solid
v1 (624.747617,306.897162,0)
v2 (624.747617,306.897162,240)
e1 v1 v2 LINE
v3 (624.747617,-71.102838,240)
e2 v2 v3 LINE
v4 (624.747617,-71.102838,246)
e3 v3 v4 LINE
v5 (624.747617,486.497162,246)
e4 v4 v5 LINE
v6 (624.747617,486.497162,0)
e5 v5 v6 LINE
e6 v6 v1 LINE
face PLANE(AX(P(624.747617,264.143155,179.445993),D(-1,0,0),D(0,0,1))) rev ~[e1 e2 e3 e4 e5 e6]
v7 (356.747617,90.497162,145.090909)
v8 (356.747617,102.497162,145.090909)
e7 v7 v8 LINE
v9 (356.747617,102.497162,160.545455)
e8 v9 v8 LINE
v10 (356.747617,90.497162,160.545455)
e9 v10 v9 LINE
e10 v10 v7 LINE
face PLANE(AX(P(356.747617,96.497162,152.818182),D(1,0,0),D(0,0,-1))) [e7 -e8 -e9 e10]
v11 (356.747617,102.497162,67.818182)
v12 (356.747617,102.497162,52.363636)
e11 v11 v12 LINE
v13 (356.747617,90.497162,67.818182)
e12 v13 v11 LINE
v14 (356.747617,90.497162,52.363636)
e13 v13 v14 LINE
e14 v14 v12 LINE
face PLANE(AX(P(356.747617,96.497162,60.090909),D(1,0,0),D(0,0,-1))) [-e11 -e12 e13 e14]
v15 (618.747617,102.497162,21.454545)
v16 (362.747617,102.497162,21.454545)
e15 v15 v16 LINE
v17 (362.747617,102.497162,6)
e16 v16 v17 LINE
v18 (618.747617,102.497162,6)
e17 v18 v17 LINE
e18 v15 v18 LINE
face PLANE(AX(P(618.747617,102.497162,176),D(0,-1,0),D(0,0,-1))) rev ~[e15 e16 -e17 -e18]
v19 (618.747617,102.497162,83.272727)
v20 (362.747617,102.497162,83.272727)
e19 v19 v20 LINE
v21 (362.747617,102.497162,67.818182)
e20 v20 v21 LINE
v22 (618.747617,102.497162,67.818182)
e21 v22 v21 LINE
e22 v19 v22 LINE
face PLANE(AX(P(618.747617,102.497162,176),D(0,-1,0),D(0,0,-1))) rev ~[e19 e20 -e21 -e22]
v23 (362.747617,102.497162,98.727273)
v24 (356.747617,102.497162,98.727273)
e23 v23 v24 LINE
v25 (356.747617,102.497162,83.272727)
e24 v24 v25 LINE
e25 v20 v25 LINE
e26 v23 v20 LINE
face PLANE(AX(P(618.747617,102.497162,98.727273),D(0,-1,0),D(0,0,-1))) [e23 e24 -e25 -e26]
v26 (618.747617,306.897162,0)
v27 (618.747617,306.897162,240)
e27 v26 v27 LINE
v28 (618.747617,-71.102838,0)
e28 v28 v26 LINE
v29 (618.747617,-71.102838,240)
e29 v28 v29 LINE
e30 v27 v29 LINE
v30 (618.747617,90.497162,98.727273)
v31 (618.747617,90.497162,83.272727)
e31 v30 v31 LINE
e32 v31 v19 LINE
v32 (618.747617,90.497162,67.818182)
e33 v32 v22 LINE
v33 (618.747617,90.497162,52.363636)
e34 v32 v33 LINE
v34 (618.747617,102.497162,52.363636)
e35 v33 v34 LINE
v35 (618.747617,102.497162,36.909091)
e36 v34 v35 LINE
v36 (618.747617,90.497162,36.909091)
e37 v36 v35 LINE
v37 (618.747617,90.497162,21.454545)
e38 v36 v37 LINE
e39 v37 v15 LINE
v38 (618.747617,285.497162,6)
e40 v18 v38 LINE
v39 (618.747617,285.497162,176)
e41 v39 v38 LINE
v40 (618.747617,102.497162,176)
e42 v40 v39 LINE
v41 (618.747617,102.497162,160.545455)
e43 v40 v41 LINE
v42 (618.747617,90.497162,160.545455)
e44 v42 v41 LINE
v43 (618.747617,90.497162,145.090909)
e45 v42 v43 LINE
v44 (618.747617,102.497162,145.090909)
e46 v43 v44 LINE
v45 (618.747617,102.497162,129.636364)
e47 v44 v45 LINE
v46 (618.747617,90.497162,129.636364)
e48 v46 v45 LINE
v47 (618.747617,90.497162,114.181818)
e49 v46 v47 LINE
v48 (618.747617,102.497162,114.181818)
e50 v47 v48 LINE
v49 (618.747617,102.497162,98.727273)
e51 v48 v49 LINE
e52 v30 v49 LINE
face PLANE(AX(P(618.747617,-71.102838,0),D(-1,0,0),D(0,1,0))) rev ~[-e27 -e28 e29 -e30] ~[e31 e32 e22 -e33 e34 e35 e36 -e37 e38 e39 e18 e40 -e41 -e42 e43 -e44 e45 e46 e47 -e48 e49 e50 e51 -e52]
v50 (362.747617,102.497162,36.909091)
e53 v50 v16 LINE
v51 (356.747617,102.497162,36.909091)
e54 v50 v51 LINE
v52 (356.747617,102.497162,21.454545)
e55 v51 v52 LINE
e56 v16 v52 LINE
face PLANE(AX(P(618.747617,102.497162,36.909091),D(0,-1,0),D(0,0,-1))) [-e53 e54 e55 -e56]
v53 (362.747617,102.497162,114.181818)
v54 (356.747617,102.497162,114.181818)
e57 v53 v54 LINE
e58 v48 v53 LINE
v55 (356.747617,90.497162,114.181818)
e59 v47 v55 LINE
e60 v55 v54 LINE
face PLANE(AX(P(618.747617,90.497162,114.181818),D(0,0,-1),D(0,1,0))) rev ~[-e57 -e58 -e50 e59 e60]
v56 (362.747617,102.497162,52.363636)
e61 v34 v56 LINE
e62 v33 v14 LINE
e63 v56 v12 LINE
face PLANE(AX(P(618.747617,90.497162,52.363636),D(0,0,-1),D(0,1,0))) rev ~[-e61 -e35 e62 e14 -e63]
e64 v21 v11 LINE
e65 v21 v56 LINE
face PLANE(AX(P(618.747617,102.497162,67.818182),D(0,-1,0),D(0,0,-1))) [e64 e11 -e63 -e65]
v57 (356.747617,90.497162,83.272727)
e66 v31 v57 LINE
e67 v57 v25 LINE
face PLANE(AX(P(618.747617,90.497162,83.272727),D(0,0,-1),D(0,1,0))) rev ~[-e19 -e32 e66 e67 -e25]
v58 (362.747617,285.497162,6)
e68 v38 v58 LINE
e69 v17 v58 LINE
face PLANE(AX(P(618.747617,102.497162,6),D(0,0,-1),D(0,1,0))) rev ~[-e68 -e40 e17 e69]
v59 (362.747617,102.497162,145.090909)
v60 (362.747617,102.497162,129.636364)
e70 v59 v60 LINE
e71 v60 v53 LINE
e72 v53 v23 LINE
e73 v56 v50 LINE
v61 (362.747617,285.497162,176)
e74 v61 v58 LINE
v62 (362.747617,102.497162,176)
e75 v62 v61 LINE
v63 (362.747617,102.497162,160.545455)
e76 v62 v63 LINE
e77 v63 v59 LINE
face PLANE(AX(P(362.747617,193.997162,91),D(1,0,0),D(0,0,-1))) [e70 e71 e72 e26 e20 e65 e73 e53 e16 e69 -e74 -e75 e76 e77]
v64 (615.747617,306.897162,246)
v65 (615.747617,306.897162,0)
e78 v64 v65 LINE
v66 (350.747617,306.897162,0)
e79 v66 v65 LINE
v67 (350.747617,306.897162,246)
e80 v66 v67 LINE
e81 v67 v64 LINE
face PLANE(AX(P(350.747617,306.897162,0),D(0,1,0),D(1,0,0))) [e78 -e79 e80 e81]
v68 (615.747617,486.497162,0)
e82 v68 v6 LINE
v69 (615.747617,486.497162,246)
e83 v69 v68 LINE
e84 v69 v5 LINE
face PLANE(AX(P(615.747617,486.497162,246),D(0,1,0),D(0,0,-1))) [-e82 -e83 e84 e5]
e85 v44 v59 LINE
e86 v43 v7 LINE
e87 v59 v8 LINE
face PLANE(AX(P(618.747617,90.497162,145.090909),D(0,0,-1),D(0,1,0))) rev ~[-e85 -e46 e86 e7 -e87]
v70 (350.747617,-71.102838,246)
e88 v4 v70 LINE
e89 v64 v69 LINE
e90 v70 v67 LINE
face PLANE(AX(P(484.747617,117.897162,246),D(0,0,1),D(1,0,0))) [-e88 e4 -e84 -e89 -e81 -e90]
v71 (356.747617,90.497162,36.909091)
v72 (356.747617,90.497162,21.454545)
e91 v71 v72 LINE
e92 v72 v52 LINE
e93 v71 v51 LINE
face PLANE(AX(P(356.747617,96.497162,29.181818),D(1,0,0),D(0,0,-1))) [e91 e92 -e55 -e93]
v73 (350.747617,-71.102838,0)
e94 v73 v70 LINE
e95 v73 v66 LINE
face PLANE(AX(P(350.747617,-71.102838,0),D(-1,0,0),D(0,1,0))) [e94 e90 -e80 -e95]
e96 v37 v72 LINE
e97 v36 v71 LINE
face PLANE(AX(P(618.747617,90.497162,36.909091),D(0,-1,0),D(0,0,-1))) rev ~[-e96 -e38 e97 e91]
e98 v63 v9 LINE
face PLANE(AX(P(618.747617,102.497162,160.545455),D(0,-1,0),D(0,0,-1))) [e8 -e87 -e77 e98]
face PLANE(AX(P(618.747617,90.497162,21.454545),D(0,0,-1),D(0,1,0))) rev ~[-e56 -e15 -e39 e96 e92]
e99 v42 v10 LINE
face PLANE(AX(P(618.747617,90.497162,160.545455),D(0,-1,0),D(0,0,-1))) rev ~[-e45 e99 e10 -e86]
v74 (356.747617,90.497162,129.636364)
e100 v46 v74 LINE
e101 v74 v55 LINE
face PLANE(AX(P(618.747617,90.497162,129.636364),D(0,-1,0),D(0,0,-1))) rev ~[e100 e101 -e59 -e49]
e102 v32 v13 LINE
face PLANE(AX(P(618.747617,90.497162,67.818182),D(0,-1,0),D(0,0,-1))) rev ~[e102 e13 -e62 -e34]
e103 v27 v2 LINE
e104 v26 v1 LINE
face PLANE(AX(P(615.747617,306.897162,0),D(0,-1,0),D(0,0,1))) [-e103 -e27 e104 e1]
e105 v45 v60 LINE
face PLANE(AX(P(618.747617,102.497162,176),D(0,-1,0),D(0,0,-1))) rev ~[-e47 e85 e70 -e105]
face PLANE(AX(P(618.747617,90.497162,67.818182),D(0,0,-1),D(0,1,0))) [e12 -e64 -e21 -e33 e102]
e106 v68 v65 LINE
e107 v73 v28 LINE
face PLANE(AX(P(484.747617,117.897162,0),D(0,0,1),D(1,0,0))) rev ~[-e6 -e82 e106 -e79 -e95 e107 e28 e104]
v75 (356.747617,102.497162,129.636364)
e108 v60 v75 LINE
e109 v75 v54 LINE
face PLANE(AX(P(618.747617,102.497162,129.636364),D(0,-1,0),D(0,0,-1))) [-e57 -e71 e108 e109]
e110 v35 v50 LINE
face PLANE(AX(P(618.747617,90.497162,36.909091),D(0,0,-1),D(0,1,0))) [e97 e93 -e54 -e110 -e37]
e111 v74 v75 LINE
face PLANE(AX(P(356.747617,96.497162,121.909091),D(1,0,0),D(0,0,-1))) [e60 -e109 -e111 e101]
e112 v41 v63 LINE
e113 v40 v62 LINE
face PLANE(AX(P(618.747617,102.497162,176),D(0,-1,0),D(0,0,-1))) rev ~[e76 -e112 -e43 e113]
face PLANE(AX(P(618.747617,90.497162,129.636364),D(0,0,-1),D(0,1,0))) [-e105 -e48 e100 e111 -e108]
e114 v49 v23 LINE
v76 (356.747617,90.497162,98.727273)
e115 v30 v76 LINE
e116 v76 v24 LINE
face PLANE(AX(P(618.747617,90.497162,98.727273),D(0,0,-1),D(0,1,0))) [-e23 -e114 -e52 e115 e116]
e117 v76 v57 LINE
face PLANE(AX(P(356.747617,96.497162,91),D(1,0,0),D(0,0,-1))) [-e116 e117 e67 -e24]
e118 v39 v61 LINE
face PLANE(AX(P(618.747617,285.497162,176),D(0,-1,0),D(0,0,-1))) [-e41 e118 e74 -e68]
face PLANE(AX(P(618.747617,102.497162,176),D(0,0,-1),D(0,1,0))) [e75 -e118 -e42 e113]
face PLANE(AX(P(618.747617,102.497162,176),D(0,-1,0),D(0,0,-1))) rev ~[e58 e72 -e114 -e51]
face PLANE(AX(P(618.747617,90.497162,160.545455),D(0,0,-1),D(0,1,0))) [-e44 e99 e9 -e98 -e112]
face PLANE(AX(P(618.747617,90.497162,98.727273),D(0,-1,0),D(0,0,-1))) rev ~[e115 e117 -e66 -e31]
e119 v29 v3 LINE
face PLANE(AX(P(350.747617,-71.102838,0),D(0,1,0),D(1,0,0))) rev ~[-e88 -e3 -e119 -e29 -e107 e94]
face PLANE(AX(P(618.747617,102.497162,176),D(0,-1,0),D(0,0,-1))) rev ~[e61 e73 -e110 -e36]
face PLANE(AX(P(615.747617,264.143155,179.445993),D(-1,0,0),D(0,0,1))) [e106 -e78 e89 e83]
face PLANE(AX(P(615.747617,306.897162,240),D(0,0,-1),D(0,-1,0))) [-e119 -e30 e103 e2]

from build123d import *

# Parameters (mm, degrees)
SKETCH_1_W             = 268
SKETCH_1_H             = 378
EXTRUDE_1_DEPTH        = 246
SKETCH_2_W             = 170
SKETCH_2_H             = 183
CUT_EXTRUDE_1_DEPTH    = 256
EXTRUDE_4_DEPTH        = 6
EXTRUDE_4_DEPTH_BACK   = 3
SKETCH_8_W             = 15.454545454
SKETCH_8_H             = 12
CUT_EXTRUDE_2_DEPTH    = 262
PATTERN_LINEAR_1_COUNT = 5
PATTERN_LINEAR_1_PITCH = 30.909090909


with BuildPart() as part:
    # Эскиз1 → Бобышка-Вытянуть1 (new body)
    with BuildSketch(Plane.XY):
        with Locations((484.747616564, 117.897162102)):
            Rectangle(SKETCH_1_W, SKETCH_1_H)
    extrude(amount=EXTRUDE_1_DEPTH)

    # Эскиз2 → Вырез-Вытянуть1 (cut)
    with BuildSketch(Plane(origin=(618.747616564, 0, 0), x_dir=(0, 0, -1), z_dir=(1, 0, 0))):
        with Locations((-91, 193.997162102)):
            Rectangle(SKETCH_2_W, SKETCH_2_H)
    extrude(amount=-CUT_EXTRUDE_1_DEPTH, mode=Mode.SUBTRACT)

    # Эскиз7 → Бобышка-Вытянуть4 (add, two sides: drawn at the far end of the back side and taken through both)
    with BuildSketch(Plane(origin=(618.747616564, 0, 0), x_dir=(0, 0, -1), z_dir=(1, 0, 0)).offset(-EXTRUDE_4_DEPTH_BACK)):
        Polygon((-240, -71.102837898), (-246, -71.102837898), (-246, 486.497162102), (0, 486.497162102), (0, 306.897162102), (-240, 306.897162102), align=None)
    extrude(amount=EXTRUDE_4_DEPTH + EXTRUDE_4_DEPTH_BACK)

    # Эскиз8 → Вырез-Вытянуть2 (cut)
    with BuildSketch(Plane(origin=(618.747616564, 0, 0), x_dir=(0, 0, -1), z_dir=(1, 0, 0))):
        with Locations((-152.818181818, 96.497162102)):
            Rectangle(SKETCH_8_W, SKETCH_8_H)
    cut_extrude_2 = extrude(amount=-CUT_EXTRUDE_2_DEPTH, mode=Mode.SUBTRACT)

    # Линейный массив1: Вырез-Вытянуть2 ×5
    with Locations(*[(0, 0, -i * PATTERN_LINEAR_1_PITCH) for i in range(1, PATTERN_LINEAR_1_COUNT)]):
        add(cut_extrude_2, mode=Mode.SUBTRACT)


solid = part.part
